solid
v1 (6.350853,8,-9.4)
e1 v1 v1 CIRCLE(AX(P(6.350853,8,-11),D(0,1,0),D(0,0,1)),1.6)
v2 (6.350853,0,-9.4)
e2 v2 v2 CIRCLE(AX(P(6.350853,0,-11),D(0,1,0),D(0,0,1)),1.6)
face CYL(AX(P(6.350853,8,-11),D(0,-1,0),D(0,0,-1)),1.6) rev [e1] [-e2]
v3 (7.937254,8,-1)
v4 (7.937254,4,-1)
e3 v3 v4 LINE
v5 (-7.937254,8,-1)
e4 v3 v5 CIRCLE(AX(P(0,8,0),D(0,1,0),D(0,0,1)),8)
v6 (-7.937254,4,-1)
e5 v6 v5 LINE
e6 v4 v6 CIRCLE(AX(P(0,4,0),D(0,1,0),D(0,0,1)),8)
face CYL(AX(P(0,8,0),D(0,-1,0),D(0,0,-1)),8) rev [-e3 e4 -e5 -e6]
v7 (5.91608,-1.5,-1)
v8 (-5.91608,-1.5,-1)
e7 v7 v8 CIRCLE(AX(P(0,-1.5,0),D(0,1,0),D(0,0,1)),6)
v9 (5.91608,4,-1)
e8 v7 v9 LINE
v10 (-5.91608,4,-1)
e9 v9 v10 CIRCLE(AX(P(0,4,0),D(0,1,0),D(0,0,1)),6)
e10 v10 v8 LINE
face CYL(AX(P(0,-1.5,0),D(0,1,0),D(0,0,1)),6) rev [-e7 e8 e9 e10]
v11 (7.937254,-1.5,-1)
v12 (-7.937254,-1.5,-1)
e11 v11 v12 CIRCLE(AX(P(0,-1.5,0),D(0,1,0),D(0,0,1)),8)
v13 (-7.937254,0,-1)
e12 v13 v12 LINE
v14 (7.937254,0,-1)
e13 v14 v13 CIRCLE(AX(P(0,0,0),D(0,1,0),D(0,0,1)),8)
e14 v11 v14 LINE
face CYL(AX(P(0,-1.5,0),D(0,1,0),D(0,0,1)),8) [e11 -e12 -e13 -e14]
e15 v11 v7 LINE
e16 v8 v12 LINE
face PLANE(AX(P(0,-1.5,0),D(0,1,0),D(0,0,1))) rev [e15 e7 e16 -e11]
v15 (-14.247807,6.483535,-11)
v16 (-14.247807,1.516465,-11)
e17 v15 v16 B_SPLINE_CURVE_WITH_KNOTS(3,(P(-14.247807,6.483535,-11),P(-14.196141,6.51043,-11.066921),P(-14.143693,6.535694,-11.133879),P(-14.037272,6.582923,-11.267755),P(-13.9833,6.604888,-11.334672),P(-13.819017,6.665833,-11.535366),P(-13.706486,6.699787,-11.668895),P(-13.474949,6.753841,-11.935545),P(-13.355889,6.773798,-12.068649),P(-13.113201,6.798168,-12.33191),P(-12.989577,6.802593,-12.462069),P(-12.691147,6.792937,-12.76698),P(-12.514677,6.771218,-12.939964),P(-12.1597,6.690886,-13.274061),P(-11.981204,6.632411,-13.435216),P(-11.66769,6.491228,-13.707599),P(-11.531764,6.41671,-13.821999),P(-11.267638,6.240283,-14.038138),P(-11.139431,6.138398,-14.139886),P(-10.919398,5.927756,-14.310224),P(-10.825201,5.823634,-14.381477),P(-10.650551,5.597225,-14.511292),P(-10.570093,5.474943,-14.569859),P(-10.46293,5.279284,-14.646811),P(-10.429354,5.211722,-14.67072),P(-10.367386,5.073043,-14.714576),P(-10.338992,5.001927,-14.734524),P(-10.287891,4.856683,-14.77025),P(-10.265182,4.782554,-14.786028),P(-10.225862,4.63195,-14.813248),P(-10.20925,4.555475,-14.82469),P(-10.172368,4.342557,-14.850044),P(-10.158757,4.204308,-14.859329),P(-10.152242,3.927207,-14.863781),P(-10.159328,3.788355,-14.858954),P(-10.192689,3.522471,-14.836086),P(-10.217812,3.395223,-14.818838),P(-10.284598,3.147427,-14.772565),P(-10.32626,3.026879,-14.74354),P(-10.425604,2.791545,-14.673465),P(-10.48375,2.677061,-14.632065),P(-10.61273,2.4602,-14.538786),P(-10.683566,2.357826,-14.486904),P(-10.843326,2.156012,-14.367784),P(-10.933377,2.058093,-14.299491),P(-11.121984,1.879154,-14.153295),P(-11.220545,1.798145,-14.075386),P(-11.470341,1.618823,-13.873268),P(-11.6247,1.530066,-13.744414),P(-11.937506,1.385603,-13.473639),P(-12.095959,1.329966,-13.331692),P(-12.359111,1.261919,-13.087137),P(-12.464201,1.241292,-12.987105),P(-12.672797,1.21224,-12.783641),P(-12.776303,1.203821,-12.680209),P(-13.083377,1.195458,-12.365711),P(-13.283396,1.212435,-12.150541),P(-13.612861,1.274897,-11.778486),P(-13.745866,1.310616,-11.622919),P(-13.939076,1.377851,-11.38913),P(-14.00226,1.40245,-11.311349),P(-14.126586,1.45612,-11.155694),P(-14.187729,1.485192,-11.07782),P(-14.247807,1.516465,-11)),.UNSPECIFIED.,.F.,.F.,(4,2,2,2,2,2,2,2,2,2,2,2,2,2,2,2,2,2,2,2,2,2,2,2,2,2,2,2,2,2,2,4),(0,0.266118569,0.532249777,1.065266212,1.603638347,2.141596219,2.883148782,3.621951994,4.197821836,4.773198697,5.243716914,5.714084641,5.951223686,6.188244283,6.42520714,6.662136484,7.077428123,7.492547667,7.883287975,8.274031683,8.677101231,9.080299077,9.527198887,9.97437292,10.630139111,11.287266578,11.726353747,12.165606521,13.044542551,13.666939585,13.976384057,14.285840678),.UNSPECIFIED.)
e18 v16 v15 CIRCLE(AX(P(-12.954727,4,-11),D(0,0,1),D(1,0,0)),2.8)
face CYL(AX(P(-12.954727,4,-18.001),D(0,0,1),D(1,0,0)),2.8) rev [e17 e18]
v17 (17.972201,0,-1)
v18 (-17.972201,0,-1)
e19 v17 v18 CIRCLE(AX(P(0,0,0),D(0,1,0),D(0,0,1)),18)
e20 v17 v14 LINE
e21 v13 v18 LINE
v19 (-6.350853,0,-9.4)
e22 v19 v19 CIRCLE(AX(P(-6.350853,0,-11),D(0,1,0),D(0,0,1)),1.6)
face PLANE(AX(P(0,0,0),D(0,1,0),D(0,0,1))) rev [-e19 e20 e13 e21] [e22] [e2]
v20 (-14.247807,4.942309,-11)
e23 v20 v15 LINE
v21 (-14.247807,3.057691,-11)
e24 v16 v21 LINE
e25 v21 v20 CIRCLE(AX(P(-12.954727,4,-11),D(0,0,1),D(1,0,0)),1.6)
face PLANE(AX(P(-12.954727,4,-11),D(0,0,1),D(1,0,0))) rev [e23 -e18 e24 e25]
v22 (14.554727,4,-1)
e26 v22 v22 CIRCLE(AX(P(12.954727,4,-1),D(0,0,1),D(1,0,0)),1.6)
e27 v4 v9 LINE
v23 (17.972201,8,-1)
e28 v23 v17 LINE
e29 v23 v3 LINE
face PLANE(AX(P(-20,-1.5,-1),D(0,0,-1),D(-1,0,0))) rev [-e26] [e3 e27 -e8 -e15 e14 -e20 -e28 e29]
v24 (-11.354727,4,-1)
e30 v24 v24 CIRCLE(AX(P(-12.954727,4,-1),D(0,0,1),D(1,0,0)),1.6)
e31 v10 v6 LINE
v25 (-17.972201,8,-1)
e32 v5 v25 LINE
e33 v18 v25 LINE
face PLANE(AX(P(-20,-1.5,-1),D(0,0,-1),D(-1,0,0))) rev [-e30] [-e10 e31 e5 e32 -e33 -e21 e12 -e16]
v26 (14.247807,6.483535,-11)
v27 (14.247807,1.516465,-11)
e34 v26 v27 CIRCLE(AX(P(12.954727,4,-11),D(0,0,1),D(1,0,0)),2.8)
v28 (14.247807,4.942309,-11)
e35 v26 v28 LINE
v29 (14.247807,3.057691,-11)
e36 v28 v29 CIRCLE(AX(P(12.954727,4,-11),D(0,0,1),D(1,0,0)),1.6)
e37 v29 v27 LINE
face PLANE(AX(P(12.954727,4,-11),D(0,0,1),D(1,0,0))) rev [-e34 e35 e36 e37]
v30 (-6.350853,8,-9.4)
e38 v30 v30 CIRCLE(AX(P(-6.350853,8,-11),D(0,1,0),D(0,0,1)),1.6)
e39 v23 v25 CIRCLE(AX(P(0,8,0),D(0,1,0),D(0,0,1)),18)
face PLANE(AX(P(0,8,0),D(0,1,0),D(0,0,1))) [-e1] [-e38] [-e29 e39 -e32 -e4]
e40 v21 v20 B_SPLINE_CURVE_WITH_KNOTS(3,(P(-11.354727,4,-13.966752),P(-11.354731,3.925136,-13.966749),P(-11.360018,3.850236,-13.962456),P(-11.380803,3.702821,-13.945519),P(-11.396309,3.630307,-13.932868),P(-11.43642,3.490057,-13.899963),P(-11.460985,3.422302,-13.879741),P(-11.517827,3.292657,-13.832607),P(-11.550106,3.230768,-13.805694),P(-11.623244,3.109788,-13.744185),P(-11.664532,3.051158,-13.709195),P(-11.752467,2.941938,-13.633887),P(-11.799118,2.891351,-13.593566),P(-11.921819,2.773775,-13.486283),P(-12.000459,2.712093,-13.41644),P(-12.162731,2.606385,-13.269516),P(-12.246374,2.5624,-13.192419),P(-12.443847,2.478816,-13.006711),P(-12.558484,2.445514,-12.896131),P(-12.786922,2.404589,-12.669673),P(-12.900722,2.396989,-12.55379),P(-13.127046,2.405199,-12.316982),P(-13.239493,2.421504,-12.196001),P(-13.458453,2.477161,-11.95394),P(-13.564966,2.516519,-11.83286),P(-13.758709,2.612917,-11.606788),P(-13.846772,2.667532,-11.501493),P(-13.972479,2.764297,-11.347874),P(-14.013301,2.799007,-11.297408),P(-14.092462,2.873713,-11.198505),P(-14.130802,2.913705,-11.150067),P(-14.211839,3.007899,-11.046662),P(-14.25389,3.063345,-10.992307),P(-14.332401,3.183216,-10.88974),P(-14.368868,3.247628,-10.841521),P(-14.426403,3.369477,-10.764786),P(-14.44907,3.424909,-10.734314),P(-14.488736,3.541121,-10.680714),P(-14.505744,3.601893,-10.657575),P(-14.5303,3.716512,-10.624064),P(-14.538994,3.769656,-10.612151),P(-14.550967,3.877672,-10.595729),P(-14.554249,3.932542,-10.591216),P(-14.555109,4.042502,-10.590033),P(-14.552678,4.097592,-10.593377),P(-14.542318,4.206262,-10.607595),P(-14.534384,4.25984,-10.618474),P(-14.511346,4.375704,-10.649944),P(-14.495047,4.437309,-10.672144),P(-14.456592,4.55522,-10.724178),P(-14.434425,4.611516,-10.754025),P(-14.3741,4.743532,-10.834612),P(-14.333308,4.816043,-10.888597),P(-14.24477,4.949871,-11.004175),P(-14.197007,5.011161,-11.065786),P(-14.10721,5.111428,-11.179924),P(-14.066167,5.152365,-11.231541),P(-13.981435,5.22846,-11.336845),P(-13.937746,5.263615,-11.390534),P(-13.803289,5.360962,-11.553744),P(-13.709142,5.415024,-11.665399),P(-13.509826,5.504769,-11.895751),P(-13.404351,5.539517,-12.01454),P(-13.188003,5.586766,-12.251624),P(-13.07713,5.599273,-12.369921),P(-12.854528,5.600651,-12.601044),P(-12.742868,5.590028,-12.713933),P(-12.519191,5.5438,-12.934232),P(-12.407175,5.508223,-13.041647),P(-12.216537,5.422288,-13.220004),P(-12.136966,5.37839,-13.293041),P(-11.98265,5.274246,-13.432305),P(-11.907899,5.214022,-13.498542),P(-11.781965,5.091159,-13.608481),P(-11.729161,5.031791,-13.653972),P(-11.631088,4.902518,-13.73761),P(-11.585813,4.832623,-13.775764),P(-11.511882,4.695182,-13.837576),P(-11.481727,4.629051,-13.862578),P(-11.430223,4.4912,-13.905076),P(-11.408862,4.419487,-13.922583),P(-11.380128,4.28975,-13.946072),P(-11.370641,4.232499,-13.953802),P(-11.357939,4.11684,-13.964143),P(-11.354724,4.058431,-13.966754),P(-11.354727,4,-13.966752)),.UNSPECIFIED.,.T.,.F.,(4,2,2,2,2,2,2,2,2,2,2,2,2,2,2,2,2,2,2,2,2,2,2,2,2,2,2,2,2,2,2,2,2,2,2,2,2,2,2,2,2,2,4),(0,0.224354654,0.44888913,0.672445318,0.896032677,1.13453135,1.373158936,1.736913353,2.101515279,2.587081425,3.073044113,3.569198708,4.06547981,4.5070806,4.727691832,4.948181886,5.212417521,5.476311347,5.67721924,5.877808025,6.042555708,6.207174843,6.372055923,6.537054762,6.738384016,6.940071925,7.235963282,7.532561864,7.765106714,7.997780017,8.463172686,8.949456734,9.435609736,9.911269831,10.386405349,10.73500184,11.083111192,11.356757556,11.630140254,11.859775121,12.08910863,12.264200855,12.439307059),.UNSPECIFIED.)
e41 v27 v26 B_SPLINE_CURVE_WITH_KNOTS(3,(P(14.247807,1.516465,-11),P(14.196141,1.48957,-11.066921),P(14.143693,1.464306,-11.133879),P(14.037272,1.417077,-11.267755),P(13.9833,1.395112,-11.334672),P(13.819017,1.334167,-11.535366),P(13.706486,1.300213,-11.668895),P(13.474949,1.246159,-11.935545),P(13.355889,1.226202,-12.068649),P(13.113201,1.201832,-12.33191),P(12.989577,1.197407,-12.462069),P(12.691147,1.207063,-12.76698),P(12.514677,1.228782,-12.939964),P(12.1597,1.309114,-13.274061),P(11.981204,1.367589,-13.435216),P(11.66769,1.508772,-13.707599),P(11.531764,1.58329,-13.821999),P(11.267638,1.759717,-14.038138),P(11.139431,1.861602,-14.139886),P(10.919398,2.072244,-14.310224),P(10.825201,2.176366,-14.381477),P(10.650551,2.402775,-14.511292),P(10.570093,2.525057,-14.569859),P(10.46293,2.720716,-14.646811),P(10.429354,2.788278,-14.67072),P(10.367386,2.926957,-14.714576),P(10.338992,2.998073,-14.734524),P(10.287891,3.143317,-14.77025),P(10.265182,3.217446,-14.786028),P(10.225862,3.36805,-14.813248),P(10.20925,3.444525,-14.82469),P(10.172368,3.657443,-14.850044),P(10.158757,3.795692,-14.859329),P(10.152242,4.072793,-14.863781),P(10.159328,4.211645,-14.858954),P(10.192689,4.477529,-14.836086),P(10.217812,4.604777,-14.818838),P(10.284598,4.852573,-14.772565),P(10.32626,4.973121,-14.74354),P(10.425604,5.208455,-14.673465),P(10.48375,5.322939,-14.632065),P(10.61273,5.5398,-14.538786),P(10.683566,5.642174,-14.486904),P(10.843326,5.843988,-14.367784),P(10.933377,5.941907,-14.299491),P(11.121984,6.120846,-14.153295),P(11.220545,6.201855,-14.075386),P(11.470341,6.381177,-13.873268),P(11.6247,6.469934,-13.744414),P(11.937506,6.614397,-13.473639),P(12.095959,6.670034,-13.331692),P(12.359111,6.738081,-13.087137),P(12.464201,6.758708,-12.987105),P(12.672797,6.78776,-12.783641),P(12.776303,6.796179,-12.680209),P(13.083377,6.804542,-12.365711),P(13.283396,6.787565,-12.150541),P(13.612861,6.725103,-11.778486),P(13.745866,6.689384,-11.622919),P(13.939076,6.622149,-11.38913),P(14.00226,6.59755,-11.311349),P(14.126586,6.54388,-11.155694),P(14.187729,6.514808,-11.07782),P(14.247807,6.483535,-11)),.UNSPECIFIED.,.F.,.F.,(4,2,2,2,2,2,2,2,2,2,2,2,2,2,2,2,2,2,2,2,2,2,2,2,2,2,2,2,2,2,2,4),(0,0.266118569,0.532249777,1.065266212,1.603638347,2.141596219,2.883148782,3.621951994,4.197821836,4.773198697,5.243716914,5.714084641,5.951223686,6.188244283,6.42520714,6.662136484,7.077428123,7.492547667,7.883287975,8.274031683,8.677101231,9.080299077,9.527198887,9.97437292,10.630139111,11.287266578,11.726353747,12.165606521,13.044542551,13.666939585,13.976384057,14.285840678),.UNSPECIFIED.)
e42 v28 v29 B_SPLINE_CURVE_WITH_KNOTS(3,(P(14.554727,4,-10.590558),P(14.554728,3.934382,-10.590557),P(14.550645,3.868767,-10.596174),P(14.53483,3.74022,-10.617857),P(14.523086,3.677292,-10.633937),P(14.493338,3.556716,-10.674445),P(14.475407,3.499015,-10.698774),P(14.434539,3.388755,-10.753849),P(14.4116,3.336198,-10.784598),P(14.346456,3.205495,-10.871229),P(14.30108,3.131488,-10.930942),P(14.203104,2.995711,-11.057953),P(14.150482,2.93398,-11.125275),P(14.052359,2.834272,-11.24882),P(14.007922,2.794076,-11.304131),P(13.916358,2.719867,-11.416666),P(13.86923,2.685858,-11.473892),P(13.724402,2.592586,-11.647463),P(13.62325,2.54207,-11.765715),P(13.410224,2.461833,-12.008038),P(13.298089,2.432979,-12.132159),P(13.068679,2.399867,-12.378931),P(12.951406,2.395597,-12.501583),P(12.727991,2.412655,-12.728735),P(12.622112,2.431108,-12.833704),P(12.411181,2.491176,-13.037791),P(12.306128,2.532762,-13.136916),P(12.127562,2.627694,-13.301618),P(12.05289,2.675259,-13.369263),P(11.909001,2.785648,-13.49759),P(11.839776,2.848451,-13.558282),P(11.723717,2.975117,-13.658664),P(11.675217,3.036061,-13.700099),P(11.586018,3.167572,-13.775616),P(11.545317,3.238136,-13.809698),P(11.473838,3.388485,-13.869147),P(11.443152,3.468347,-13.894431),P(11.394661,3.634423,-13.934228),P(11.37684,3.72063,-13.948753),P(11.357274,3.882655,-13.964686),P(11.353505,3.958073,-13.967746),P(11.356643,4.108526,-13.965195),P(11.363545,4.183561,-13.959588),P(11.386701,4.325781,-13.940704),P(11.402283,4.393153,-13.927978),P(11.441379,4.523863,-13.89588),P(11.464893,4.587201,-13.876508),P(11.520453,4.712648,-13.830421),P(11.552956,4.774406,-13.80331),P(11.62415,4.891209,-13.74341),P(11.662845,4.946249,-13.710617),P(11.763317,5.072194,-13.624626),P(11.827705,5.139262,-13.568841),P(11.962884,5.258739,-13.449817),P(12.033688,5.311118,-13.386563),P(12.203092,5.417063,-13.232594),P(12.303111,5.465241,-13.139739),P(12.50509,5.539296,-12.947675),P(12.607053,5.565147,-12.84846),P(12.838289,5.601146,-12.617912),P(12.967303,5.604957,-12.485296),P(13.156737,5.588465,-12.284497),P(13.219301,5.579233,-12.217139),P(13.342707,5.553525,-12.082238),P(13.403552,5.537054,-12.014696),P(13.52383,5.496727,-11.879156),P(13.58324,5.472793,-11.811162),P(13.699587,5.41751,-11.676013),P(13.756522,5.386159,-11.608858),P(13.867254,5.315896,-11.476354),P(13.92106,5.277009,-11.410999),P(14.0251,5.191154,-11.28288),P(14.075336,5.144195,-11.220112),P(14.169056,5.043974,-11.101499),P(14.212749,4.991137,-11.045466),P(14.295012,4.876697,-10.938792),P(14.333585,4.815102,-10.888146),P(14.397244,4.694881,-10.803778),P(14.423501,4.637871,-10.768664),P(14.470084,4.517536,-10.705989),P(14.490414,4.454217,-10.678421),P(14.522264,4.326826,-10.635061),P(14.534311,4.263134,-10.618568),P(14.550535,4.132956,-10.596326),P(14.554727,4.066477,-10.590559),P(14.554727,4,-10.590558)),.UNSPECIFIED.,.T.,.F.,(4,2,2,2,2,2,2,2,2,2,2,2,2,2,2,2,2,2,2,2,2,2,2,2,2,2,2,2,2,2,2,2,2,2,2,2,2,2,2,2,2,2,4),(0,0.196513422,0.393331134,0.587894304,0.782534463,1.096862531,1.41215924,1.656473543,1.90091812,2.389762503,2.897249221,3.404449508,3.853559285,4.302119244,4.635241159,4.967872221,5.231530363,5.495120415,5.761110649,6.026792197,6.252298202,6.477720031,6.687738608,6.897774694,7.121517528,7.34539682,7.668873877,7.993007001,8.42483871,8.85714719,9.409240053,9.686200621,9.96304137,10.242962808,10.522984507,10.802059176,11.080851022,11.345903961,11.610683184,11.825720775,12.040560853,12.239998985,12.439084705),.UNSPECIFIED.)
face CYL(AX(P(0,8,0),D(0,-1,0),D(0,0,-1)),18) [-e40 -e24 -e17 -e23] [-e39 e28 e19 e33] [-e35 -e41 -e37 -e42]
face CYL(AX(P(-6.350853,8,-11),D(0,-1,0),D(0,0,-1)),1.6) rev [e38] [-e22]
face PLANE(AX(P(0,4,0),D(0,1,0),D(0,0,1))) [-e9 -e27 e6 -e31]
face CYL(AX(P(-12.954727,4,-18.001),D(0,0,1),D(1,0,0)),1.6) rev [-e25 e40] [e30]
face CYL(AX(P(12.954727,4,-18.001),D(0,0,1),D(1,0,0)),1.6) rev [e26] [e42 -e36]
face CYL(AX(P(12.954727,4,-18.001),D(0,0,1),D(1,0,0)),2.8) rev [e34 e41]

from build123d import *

# Parameters (mm, degrees)
SKETCH1_R           = 18
SKETCH1_R_2         = 8
SKETCH1_R_3         = 1.6
BOSS_EXTRUDE1_DEPTH = 8
SKETCH2_R           = 8
SKETCH2_R_2         = 6
BOSS_EXTRUDE2_DEPTH = 5.5
SKETCH3_W           = 40
SKETCH3_H           = 20
CUT_EXTRUDE1_DEPTH  = 10.5
CUT_EXTRUDE2_REACH  = 19
SKETCH5_R           = 1.6
CUT_EXTRUDE3_REACH  = 29
CUT_EXTRUDE3_START  = -10
SKETCH6_R           = 2.8


with BuildPart() as part:
    # Sketch1 → Boss-Extrude1 (new body)
    with BuildSketch(Plane(origin=(0, 0, 0), x_dir=(1, 0, 0), z_dir=(0, 1, 0))):
        Circle(SKETCH1_R)
        Circle(SKETCH1_R_2, mode=Mode.SUBTRACT)
        with Locations((-6.350852961, 11)):
            Circle(SKETCH1_R_3, mode=Mode.SUBTRACT)
        with Locations((6.350852961, 11)):
            Circle(SKETCH1_R_3, mode=Mode.SUBTRACT)
    extrude(amount=BOSS_EXTRUDE1_DEPTH)

    # Sketch2 → Boss-Extrude2 (add)
    with BuildSketch(Plane(origin=(0, 4, 0), x_dir=(1, 0, 0), z_dir=(0, 1, 0))):
        Circle(SKETCH2_R)
        Circle(SKETCH2_R_2, mode=Mode.SUBTRACT)
    extrude(amount=-BOSS_EXTRUDE2_DEPTH)

    # Sketch3 → Cut-Extrude1 (cut, through all)
    with BuildSketch(Plane(origin=(0, 8, 0), x_dir=(1, 0, 0), z_dir=(0, 1, 0))):
        with Locations((0, -9)):
            Rectangle(SKETCH3_W, SKETCH3_H)
    extrude(amount=-CUT_EXTRUDE1_DEPTH, mode=Mode.SUBTRACT)

    # Sketch5 → Cut-Extrude2 (cut, up to next)
    with BuildSketch(Plane.XY.offset(-1), mode=Mode.PRIVATE) as cut_extrude2_sk1:
        with Locations((-12.954727344, 4)):
            Circle(SKETCH5_R)
    cut_extrude2_tool1 = extrude(cut_extrude2_sk1.sketch, amount=-CUT_EXTRUDE2_REACH, mode=Mode.PRIVATE) & part.part
    add(cut_extrude2_tool1.solids().sort_by_distance((-12.954727, 4, -1))[0], mode=Mode.SUBTRACT)
    # Sketch5 → Cut-Extrude2 (cut, up to next)
    with BuildSketch(Plane.XY.offset(-1), mode=Mode.PRIVATE) as cut_extrude2_sk2:
        with Locations((12.954727344, 4)):
            Circle(SKETCH5_R)
    cut_extrude2_tool2 = extrude(cut_extrude2_sk2.sketch, amount=-CUT_EXTRUDE2_REACH, mode=Mode.PRIVATE) & part.part
    add(cut_extrude2_tool2.solids().sort_by_distance((12.954727, 4, -1))[0], mode=Mode.SUBTRACT)

    # Sketch6 → Cut-Extrude3 (cut, up to next)
    with BuildSketch(Plane.XY.offset(-1).offset(CUT_EXTRUDE3_START), mode=Mode.PRIVATE) as cut_extrude3_sk1:
        with Locations((-12.954727344, 4)):
            Circle(SKETCH6_R)
    cut_extrude3_tool1 = extrude(cut_extrude3_sk1.sketch, amount=-CUT_EXTRUDE3_REACH, mode=Mode.PRIVATE) & part.part
    add(cut_extrude3_tool1.solids().sort_by_distance((-12.954727, 4, -11))[0], mode=Mode.SUBTRACT)
    # Sketch6 → Cut-Extrude3 (cut, up to next)
    with BuildSketch(Plane.XY.offset(-1).offset(CUT_EXTRUDE3_START), mode=Mode.PRIVATE) as cut_extrude3_sk2:
        with Locations((12.954727344, 4)):
            Circle(SKETCH6_R)
    cut_extrude3_tool2 = extrude(cut_extrude3_sk2.sketch, amount=-CUT_EXTRUDE3_REACH, mode=Mode.PRIVATE) & part.part
    add(cut_extrude3_tool2.solids().sort_by_distance((12.954727, 4, -11))[0], mode=Mode.SUBTRACT)


solid = part.part
